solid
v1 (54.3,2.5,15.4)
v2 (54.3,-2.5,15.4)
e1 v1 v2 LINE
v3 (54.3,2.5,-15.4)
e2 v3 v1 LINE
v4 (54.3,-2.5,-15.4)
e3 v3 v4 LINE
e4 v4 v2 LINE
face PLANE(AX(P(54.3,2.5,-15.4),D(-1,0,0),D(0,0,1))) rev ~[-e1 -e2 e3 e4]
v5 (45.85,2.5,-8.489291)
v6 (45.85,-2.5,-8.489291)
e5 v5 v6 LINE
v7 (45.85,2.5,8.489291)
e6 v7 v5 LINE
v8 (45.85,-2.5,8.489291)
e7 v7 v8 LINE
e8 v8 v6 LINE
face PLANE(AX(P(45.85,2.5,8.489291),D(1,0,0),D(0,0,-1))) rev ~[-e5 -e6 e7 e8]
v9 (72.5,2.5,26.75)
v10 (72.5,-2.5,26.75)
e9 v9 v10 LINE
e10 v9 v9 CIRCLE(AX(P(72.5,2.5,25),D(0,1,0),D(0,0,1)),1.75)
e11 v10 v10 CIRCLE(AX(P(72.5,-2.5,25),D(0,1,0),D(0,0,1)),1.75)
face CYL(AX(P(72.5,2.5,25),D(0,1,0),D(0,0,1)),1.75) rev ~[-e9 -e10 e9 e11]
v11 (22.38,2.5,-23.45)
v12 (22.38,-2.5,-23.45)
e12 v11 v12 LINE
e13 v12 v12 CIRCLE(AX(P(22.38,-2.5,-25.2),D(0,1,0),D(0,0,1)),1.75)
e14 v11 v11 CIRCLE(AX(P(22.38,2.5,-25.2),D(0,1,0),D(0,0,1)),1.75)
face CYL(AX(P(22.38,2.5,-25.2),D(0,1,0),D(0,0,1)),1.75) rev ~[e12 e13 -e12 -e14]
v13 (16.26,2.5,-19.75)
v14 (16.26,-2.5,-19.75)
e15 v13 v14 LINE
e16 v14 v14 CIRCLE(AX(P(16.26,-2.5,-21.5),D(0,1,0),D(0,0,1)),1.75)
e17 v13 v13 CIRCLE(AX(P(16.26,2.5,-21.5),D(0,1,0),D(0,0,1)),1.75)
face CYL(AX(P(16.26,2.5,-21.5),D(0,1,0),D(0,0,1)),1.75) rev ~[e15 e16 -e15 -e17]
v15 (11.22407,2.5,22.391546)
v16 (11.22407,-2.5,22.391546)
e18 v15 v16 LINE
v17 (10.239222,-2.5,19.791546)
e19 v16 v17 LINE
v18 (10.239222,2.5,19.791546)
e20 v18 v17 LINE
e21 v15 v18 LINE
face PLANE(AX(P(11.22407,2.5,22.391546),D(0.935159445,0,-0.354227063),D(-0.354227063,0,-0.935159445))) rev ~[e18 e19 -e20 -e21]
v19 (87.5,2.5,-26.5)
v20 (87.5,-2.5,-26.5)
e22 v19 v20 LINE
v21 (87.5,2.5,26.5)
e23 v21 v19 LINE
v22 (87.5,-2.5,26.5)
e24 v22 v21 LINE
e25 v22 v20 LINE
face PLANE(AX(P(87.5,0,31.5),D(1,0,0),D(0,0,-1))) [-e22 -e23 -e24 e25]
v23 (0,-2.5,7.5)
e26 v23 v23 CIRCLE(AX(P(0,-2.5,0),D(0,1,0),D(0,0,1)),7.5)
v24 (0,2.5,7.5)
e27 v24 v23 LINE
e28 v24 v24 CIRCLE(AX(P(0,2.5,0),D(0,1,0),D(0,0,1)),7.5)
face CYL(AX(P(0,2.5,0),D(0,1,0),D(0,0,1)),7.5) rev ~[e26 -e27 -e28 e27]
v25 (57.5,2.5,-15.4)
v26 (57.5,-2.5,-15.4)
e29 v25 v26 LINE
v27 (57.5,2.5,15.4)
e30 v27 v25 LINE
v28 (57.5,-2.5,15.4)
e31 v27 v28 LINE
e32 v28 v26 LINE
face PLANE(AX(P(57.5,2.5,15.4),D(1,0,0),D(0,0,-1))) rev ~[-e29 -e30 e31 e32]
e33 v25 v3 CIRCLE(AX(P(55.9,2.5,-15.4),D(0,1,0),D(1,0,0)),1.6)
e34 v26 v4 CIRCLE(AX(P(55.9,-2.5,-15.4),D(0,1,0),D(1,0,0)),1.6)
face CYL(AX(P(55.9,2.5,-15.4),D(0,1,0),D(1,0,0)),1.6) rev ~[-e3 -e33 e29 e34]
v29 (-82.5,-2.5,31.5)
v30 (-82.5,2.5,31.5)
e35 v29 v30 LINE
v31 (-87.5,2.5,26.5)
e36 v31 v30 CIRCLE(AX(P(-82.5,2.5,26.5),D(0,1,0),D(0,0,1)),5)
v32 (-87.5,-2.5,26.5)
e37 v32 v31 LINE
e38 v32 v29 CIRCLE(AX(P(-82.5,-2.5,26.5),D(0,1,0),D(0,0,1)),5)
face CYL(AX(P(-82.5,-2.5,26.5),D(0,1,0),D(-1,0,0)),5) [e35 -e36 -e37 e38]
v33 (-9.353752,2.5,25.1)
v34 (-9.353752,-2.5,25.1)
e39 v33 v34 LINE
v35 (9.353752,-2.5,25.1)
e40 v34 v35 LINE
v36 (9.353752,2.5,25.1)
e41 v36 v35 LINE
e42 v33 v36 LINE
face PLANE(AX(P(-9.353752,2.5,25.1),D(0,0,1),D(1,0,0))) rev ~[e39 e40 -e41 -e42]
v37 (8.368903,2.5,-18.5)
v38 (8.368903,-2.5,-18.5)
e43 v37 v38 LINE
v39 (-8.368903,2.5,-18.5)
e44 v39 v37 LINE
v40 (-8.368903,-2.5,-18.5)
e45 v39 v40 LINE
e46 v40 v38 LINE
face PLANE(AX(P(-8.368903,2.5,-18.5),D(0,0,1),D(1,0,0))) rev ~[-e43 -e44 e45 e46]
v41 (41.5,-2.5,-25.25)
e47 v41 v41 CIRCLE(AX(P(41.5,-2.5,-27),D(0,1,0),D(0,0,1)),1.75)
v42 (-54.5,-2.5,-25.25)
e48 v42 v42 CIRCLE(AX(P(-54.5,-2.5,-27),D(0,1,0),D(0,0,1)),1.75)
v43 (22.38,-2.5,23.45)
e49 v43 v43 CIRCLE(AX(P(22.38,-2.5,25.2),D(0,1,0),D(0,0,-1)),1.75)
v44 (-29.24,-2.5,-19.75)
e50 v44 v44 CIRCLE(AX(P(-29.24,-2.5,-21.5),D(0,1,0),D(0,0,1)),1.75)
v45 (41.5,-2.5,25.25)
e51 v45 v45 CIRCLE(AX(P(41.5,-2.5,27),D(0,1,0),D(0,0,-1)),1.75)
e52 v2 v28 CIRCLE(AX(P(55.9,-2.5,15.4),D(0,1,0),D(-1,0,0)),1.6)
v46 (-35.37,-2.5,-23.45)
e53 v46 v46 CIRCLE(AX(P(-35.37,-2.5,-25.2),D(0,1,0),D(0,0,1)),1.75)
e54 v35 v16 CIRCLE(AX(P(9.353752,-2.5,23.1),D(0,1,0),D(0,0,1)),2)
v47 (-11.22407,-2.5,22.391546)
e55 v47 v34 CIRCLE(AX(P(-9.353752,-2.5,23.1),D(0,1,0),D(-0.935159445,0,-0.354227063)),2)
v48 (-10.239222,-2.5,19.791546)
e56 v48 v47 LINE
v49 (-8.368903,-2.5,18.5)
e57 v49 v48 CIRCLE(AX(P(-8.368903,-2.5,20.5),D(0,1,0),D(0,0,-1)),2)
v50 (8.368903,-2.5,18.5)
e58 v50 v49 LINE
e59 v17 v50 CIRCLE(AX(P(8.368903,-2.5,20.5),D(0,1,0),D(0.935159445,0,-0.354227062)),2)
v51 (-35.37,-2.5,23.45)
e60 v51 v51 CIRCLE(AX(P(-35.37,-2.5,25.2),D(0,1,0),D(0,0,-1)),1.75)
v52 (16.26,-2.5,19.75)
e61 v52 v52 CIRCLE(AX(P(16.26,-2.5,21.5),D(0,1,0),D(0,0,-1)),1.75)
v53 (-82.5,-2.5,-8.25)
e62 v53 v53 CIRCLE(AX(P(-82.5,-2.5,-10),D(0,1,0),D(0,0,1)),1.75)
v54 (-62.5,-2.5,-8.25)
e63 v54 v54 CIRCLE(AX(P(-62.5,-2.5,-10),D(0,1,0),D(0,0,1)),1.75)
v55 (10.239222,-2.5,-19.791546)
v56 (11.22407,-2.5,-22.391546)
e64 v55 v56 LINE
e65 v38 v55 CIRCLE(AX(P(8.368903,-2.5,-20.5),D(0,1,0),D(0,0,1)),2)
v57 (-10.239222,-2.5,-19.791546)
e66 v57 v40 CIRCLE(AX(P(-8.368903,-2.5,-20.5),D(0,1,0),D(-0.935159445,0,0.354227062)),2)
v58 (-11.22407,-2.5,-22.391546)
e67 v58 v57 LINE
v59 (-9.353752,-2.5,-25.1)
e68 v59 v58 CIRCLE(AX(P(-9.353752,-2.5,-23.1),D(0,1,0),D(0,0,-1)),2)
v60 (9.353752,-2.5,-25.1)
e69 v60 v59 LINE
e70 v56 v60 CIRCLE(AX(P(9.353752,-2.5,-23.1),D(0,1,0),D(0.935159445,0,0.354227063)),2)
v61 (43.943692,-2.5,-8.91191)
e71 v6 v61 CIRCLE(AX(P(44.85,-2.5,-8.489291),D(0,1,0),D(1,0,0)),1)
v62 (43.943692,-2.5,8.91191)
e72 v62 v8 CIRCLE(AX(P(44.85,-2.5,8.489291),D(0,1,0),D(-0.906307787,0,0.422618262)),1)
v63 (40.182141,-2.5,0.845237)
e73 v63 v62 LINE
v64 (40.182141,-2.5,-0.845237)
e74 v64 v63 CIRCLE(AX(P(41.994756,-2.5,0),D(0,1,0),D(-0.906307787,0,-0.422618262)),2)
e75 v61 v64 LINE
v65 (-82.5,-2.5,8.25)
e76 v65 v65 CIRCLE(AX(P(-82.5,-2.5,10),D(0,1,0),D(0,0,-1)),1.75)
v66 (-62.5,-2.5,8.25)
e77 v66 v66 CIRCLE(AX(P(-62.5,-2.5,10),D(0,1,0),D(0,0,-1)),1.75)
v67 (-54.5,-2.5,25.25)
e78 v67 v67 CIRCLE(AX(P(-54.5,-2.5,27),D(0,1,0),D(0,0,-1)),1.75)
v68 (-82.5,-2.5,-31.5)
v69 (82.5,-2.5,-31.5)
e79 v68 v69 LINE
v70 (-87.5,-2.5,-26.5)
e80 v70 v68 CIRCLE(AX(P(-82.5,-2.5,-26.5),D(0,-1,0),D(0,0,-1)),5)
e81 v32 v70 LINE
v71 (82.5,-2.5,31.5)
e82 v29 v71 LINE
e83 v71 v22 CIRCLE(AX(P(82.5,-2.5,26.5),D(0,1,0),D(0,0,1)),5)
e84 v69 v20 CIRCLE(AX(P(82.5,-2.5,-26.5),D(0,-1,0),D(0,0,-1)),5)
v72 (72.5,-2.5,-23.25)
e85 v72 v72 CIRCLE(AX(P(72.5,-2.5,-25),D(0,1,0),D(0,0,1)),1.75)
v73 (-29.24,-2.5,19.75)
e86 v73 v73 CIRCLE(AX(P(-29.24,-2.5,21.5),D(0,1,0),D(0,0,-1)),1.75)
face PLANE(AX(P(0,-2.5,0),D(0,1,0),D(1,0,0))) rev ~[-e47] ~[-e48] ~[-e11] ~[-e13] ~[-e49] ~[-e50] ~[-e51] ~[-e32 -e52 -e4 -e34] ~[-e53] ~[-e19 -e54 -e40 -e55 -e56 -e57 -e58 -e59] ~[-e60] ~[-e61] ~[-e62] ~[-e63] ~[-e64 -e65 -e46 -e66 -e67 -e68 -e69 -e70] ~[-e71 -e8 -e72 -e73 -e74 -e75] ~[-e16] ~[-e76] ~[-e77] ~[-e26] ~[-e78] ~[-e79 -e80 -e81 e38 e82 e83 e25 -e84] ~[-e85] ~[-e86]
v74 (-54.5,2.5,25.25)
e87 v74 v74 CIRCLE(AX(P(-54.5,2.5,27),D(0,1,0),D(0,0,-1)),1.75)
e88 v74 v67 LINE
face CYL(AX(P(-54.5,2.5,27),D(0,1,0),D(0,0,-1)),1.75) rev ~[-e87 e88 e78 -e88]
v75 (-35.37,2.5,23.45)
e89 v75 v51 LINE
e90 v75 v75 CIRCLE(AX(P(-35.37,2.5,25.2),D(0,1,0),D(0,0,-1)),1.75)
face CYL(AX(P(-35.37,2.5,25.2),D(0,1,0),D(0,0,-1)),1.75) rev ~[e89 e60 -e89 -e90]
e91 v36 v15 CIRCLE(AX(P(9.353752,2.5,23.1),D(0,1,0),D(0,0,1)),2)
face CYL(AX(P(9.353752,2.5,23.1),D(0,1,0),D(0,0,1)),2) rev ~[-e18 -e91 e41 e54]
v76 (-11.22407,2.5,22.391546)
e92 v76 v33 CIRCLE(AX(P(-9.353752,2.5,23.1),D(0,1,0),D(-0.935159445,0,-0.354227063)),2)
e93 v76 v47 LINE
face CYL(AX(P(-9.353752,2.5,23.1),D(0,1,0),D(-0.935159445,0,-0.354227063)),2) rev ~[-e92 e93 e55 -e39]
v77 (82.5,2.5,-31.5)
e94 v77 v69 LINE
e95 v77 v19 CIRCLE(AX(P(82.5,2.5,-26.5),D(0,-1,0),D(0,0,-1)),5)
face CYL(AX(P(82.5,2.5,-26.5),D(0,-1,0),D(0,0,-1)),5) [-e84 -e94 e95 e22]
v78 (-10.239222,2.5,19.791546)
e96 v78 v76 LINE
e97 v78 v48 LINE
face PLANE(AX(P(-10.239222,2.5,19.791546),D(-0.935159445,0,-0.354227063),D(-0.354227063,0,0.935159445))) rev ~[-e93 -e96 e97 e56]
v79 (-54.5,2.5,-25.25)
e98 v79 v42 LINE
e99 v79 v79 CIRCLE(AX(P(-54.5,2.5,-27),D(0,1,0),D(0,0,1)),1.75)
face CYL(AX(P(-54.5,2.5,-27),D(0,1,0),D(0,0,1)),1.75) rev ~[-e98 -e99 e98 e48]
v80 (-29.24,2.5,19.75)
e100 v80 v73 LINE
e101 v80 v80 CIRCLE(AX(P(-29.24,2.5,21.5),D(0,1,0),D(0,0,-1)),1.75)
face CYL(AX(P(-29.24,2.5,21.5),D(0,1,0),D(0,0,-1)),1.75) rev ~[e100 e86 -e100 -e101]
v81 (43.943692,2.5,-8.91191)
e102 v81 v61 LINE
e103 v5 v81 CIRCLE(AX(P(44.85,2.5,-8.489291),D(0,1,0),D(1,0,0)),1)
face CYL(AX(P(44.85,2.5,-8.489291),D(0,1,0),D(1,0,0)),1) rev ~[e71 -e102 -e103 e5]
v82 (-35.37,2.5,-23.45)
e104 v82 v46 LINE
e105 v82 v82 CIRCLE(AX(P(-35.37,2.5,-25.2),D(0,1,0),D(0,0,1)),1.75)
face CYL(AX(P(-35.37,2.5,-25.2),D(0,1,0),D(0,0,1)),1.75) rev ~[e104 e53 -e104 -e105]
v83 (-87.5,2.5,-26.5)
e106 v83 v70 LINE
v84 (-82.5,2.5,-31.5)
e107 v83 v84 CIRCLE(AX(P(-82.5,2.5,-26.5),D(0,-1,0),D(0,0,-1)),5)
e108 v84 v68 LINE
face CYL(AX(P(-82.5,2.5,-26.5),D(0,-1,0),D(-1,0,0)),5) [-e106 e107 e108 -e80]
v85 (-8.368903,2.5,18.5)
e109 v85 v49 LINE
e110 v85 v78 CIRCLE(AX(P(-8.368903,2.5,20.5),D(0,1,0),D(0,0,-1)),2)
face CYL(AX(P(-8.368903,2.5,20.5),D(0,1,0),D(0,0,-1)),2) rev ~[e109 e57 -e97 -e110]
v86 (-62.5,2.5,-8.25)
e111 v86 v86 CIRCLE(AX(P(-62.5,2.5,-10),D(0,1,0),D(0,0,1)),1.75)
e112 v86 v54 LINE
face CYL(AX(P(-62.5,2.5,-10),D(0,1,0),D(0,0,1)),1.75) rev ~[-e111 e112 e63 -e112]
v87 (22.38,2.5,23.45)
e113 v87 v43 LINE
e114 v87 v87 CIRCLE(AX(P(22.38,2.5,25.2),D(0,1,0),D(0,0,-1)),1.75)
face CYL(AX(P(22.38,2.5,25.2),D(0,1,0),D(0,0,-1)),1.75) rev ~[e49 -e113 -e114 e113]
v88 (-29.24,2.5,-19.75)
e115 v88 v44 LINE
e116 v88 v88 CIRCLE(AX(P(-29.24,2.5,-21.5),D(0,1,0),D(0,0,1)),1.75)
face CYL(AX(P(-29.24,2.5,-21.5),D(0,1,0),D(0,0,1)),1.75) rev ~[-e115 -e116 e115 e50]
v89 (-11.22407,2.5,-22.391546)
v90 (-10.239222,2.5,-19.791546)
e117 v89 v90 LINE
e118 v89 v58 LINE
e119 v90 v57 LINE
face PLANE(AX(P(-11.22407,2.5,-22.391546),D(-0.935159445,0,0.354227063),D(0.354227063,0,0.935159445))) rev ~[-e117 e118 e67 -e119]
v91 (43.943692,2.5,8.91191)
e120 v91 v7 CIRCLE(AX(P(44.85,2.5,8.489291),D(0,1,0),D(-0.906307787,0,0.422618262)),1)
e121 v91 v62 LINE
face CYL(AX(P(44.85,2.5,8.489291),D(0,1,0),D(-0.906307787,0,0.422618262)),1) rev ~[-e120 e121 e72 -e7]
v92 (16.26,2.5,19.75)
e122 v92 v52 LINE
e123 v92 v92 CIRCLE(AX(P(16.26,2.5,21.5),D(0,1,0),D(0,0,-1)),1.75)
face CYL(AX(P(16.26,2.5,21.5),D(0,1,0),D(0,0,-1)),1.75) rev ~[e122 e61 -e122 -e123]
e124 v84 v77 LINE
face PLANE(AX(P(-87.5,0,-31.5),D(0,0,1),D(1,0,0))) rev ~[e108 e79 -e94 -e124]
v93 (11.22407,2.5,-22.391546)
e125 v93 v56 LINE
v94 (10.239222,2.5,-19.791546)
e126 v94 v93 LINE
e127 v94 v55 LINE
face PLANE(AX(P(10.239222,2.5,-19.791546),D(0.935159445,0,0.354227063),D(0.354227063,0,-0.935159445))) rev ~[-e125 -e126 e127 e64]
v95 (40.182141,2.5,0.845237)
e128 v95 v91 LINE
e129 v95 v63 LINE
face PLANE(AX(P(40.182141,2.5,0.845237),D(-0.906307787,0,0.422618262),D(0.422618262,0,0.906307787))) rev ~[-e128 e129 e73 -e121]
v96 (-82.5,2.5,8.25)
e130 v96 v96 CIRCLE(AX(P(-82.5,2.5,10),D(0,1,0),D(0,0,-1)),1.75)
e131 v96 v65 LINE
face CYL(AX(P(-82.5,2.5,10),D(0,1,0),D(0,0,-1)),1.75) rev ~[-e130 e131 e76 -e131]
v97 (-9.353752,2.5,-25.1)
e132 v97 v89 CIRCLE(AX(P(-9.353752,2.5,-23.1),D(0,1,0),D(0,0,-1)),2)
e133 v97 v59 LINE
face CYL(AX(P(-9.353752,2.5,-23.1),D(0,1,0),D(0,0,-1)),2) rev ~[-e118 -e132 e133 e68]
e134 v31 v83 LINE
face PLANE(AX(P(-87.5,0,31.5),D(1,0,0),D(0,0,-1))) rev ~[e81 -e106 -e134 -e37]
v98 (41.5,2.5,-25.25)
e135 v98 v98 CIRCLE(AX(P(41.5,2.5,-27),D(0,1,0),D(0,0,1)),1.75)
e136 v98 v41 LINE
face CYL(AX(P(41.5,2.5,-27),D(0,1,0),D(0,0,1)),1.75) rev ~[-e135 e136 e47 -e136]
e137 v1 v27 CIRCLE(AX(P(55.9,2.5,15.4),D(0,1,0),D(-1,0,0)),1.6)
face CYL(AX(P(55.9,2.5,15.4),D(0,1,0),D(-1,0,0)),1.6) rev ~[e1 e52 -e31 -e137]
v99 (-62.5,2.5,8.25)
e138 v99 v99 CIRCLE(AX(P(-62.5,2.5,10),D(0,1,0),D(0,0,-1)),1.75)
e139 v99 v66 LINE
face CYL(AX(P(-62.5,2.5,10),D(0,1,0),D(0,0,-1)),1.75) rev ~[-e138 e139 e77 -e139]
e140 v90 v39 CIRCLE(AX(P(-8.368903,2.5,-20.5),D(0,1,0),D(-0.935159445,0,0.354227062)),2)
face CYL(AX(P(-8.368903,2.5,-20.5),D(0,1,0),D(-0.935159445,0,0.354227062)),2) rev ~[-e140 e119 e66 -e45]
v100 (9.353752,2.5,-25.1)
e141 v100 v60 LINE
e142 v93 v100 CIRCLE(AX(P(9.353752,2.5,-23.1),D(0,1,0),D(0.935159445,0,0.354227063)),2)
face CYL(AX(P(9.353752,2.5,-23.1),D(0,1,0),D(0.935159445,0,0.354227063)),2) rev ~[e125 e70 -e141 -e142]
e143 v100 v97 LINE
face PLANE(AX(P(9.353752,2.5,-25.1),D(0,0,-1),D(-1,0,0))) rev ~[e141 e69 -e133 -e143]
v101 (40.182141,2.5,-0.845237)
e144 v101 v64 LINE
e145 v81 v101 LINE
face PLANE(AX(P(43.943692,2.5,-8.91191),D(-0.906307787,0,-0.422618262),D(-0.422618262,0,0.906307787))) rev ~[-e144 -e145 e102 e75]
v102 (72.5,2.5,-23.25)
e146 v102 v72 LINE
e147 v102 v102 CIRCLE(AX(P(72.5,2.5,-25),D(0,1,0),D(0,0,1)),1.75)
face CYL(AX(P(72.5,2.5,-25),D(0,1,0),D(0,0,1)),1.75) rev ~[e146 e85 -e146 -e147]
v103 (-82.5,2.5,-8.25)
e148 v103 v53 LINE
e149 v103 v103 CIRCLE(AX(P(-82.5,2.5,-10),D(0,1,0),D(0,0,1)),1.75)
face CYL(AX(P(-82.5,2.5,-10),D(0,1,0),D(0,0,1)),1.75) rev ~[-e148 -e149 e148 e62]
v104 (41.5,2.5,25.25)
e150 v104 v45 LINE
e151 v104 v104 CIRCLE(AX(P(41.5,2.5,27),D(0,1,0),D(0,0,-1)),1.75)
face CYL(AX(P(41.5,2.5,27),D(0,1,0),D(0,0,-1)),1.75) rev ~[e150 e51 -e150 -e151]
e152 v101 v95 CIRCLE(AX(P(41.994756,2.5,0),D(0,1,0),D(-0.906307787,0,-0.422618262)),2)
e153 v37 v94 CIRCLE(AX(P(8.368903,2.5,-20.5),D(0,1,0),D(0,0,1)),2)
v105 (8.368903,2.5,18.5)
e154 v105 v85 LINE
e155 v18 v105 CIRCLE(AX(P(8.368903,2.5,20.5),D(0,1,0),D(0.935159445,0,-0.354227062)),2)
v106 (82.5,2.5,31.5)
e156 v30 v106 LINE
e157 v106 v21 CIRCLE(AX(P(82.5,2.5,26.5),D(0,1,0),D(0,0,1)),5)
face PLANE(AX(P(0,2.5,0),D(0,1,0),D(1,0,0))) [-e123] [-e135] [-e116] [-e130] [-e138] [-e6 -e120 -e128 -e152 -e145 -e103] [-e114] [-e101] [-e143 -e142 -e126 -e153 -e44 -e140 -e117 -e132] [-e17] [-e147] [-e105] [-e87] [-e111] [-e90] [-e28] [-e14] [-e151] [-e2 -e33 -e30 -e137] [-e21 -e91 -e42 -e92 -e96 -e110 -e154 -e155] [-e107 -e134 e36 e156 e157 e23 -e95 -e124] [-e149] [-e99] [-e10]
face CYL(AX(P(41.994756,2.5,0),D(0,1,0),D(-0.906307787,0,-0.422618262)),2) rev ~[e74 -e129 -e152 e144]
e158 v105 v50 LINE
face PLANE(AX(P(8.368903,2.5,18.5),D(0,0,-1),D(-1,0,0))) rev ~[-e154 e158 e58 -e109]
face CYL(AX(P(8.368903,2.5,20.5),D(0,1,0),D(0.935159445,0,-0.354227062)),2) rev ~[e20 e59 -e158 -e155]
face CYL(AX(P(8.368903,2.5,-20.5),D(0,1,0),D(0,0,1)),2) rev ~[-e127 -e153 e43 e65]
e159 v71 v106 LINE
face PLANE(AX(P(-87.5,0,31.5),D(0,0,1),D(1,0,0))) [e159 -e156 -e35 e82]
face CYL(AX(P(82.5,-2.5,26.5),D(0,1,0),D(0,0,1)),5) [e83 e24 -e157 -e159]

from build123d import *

# Parameters (mm, degrees)
SKETCH1_W           = 175
SKETCH1_H           = 63
BOSS_EXTRUDE1_DEPTH = 2.5
SKETCH2_R           = 1.75
CUT_EXTRUDE1_DEPTH  = 94.131627281
SKETCH3_R           = 7.5
CUT_EXTRUDE2_DEPTH  = 94.131627281
FILLET1_R           = 5
SKETCH4_R           = 1.75
CUT_EXTRUDE3_DEPTH  = 94.131627281


with BuildPart() as part:
    # Sketch1 → Boss-Extrude1 (new, symmetric)
    with BuildSketch(Plane(origin=(0, 0, 0), x_dir=(1, 0, 0), z_dir=(0, 1, 0))):
        Rectangle(SKETCH1_W, SKETCH1_H)
    extrude(amount=BOSS_EXTRUDE1_DEPTH, both=True)

    # Sketch2 → Cut-Extrude1 (cut, through all)
    with BuildSketch(Plane(origin=(0, 2.5, 0), x_dir=(1, 0, 0), z_dir=(0, 1, 0))):
        with Locations(Location((-82.5, 10, 0), (0, 0, 270))):
            Circle(SKETCH2_R)
        with Locations(Location((-62.5, 10, 0), (0, 0, 270))):
            Circle(SKETCH2_R)
        with Locations(Location((-54.5, 27, 0), (0, 0, 270))):
            Circle(SKETCH2_R)
        with Locations(Location((-35.37, 25.2, 0), (0, 0, 270))):
            Circle(SKETCH2_R)
        with Locations(Location((-29.24, 21.5, 0), (0, 0, 270))):
            Circle(SKETCH2_R)
        with Locations(Location((22.38, 25.2, 0), (0, 0, 270))):
            Circle(SKETCH2_R)
        with Locations(Location((16.26, 21.5, 0), (0, 0, 270))):
            Circle(SKETCH2_R)
        with Locations(Location((41.5, 27, 0), (0, 0, 270))):
            Circle(SKETCH2_R)
        with Locations(Location((41.5, -27, 0), (0, 0, 90))):
            Circle(SKETCH2_R)
        with Locations(Location((22.38, -25.2, 0), (0, 0, 90))):
            Circle(SKETCH2_R)
        with Locations(Location((16.26, -21.5, 0), (0, 0, 90))):
            Circle(SKETCH2_R)
        with Locations(Location((-29.24, -21.5, 0), (0, 0, 90))):
            Circle(SKETCH2_R)
        with Locations(Location((-35.37, -25.2, 0), (0, 0, 90))):
            Circle(SKETCH2_R)
        with Locations(Location((-62.5, -10, 0), (0, 0, 90))):
            Circle(SKETCH2_R)
        with Locations(Location((-54.5, -27, 0), (0, 0, 90))):
            Circle(SKETCH2_R)
        with Locations(Location((-82.5, -10, 0), (0, 0, 90))):
            Circle(SKETCH2_R)
    extrude(amount=-CUT_EXTRUDE1_DEPTH, mode=Mode.SUBTRACT)

    # Sketch3 → Cut-Extrude2 (cut, through all)
    with BuildSketch(Plane(origin=(0, 2.5, 0), x_dir=(1, 0, 0), z_dir=(0, 1, 0))):
        with BuildLine():
            ThreePointArc((-10.239221922, 19.791545875), (-9.505365031, 18.85426183), (-8.368903032, 18.5))
            Line((-8.368903032, 18.5), (8.368903032, 18.5))
            ThreePointArc((8.368903032, 18.5), (9.505365031, 18.85426183), (10.239221922, 19.791545875))
            Line((10.239221922, 19.791545875), (11.224070407, 22.391545875))
            ThreePointArc((11.224070407, 22.391545875), (10.999489687, 24.236461999), (9.353751517, 25.1))
            Line((9.353751517, 25.1), (-9.353751517, 25.1))
            ThreePointArc((-9.353751517, 25.1), (-10.999489687, 24.236461999), (-11.224070407, 22.391545875))
            Line((-11.224070407, 22.391545875), (-10.239221922, 19.791545875))
        make_face()
        with BuildLine():
            Line((45.85, -8.489291496), (45.85, 8.489291496))
            ThreePointArc((45.85, 8.489291496), (45.066439614, 9.465587503), (43.943692213, 8.911909758))
            Line((43.943692213, 8.911909758), (40.182140708, 0.845236523))
            ThreePointArc((40.182140708, 0.845236523), (39.994756282, 0), (40.182140708, -0.845236523))
            Line((40.182140708, -0.845236523), (43.943692213, -8.911909758))
            ThreePointArc((43.943692213, -8.911909758), (45.066439614, -9.465587503), (45.85, -8.489291496))
        make_face()
        with BuildLine():
            Line((-9.353751517, -25.1), (9.353751517, -25.1))
            ThreePointArc((9.353751517, -25.1), (10.999489687, -24.236461999), (11.224070407, -22.391545875))
            Line((11.224070407, -22.391545875), (10.239221922, -19.791545875))
            ThreePointArc((10.239221922, -19.791545875), (9.505365031, -18.85426183), (8.368903032, -18.5))
            Line((8.368903032, -18.5), (-8.368903032, -18.5))
            ThreePointArc((-8.368903032, -18.5), (-9.505365031, -18.85426183), (-10.239221922, -19.791545875))
            Line((-10.239221922, -19.791545875), (-11.224070407, -22.391545875))
            ThreePointArc((-11.224070407, -22.391545875), (-10.999489687, -24.236461999), (-9.353751517, -25.1))
        make_face()
        with BuildLine():
            Line((57.5, -15.4), (57.5, 15.4))
            ThreePointArc((57.5, 15.4), (55.9, 17), (54.3, 15.4))
            Line((54.3, 15.4), (54.3, -15.4))
            ThreePointArc((54.3, -15.4), (55.9, -17), (57.5, -15.4))
        make_face()
        with Locations(Location((0, 0, 0), (0, 0, 270))):
            Circle(SKETCH3_R)
    extrude(amount=-CUT_EXTRUDE2_DEPTH, mode=Mode.SUBTRACT)

    # Fillet1
    fillet1_edges = [part.edges().sort_by_distance(p)[0] for p in [
        (87.5, 0, 31.5),
        (-87.5, 0, 31.5),
        (-87.5, 0, -31.5),
        (87.5, 0, -31.5),
    ]]
    fillet(fillet1_edges, radius=FILLET1_R)

    # Sketch4 → Cut-Extrude3 (cut, through all)
    with BuildSketch(Plane(origin=(0, 2.5, 0), x_dir=(1, 0, 0), z_dir=(0, 1, 0))):
        with Locations(Location((72.5, 25, 0), (0, 0, 270))):
            Circle(SKETCH4_R)
        with Locations(Location((72.5, -25, 0), (0, 0, 270))):
            Circle(SKETCH4_R)
    extrude(amount=-CUT_EXTRUDE3_DEPTH, mode=Mode.SUBTRACT)


solid = part.part
